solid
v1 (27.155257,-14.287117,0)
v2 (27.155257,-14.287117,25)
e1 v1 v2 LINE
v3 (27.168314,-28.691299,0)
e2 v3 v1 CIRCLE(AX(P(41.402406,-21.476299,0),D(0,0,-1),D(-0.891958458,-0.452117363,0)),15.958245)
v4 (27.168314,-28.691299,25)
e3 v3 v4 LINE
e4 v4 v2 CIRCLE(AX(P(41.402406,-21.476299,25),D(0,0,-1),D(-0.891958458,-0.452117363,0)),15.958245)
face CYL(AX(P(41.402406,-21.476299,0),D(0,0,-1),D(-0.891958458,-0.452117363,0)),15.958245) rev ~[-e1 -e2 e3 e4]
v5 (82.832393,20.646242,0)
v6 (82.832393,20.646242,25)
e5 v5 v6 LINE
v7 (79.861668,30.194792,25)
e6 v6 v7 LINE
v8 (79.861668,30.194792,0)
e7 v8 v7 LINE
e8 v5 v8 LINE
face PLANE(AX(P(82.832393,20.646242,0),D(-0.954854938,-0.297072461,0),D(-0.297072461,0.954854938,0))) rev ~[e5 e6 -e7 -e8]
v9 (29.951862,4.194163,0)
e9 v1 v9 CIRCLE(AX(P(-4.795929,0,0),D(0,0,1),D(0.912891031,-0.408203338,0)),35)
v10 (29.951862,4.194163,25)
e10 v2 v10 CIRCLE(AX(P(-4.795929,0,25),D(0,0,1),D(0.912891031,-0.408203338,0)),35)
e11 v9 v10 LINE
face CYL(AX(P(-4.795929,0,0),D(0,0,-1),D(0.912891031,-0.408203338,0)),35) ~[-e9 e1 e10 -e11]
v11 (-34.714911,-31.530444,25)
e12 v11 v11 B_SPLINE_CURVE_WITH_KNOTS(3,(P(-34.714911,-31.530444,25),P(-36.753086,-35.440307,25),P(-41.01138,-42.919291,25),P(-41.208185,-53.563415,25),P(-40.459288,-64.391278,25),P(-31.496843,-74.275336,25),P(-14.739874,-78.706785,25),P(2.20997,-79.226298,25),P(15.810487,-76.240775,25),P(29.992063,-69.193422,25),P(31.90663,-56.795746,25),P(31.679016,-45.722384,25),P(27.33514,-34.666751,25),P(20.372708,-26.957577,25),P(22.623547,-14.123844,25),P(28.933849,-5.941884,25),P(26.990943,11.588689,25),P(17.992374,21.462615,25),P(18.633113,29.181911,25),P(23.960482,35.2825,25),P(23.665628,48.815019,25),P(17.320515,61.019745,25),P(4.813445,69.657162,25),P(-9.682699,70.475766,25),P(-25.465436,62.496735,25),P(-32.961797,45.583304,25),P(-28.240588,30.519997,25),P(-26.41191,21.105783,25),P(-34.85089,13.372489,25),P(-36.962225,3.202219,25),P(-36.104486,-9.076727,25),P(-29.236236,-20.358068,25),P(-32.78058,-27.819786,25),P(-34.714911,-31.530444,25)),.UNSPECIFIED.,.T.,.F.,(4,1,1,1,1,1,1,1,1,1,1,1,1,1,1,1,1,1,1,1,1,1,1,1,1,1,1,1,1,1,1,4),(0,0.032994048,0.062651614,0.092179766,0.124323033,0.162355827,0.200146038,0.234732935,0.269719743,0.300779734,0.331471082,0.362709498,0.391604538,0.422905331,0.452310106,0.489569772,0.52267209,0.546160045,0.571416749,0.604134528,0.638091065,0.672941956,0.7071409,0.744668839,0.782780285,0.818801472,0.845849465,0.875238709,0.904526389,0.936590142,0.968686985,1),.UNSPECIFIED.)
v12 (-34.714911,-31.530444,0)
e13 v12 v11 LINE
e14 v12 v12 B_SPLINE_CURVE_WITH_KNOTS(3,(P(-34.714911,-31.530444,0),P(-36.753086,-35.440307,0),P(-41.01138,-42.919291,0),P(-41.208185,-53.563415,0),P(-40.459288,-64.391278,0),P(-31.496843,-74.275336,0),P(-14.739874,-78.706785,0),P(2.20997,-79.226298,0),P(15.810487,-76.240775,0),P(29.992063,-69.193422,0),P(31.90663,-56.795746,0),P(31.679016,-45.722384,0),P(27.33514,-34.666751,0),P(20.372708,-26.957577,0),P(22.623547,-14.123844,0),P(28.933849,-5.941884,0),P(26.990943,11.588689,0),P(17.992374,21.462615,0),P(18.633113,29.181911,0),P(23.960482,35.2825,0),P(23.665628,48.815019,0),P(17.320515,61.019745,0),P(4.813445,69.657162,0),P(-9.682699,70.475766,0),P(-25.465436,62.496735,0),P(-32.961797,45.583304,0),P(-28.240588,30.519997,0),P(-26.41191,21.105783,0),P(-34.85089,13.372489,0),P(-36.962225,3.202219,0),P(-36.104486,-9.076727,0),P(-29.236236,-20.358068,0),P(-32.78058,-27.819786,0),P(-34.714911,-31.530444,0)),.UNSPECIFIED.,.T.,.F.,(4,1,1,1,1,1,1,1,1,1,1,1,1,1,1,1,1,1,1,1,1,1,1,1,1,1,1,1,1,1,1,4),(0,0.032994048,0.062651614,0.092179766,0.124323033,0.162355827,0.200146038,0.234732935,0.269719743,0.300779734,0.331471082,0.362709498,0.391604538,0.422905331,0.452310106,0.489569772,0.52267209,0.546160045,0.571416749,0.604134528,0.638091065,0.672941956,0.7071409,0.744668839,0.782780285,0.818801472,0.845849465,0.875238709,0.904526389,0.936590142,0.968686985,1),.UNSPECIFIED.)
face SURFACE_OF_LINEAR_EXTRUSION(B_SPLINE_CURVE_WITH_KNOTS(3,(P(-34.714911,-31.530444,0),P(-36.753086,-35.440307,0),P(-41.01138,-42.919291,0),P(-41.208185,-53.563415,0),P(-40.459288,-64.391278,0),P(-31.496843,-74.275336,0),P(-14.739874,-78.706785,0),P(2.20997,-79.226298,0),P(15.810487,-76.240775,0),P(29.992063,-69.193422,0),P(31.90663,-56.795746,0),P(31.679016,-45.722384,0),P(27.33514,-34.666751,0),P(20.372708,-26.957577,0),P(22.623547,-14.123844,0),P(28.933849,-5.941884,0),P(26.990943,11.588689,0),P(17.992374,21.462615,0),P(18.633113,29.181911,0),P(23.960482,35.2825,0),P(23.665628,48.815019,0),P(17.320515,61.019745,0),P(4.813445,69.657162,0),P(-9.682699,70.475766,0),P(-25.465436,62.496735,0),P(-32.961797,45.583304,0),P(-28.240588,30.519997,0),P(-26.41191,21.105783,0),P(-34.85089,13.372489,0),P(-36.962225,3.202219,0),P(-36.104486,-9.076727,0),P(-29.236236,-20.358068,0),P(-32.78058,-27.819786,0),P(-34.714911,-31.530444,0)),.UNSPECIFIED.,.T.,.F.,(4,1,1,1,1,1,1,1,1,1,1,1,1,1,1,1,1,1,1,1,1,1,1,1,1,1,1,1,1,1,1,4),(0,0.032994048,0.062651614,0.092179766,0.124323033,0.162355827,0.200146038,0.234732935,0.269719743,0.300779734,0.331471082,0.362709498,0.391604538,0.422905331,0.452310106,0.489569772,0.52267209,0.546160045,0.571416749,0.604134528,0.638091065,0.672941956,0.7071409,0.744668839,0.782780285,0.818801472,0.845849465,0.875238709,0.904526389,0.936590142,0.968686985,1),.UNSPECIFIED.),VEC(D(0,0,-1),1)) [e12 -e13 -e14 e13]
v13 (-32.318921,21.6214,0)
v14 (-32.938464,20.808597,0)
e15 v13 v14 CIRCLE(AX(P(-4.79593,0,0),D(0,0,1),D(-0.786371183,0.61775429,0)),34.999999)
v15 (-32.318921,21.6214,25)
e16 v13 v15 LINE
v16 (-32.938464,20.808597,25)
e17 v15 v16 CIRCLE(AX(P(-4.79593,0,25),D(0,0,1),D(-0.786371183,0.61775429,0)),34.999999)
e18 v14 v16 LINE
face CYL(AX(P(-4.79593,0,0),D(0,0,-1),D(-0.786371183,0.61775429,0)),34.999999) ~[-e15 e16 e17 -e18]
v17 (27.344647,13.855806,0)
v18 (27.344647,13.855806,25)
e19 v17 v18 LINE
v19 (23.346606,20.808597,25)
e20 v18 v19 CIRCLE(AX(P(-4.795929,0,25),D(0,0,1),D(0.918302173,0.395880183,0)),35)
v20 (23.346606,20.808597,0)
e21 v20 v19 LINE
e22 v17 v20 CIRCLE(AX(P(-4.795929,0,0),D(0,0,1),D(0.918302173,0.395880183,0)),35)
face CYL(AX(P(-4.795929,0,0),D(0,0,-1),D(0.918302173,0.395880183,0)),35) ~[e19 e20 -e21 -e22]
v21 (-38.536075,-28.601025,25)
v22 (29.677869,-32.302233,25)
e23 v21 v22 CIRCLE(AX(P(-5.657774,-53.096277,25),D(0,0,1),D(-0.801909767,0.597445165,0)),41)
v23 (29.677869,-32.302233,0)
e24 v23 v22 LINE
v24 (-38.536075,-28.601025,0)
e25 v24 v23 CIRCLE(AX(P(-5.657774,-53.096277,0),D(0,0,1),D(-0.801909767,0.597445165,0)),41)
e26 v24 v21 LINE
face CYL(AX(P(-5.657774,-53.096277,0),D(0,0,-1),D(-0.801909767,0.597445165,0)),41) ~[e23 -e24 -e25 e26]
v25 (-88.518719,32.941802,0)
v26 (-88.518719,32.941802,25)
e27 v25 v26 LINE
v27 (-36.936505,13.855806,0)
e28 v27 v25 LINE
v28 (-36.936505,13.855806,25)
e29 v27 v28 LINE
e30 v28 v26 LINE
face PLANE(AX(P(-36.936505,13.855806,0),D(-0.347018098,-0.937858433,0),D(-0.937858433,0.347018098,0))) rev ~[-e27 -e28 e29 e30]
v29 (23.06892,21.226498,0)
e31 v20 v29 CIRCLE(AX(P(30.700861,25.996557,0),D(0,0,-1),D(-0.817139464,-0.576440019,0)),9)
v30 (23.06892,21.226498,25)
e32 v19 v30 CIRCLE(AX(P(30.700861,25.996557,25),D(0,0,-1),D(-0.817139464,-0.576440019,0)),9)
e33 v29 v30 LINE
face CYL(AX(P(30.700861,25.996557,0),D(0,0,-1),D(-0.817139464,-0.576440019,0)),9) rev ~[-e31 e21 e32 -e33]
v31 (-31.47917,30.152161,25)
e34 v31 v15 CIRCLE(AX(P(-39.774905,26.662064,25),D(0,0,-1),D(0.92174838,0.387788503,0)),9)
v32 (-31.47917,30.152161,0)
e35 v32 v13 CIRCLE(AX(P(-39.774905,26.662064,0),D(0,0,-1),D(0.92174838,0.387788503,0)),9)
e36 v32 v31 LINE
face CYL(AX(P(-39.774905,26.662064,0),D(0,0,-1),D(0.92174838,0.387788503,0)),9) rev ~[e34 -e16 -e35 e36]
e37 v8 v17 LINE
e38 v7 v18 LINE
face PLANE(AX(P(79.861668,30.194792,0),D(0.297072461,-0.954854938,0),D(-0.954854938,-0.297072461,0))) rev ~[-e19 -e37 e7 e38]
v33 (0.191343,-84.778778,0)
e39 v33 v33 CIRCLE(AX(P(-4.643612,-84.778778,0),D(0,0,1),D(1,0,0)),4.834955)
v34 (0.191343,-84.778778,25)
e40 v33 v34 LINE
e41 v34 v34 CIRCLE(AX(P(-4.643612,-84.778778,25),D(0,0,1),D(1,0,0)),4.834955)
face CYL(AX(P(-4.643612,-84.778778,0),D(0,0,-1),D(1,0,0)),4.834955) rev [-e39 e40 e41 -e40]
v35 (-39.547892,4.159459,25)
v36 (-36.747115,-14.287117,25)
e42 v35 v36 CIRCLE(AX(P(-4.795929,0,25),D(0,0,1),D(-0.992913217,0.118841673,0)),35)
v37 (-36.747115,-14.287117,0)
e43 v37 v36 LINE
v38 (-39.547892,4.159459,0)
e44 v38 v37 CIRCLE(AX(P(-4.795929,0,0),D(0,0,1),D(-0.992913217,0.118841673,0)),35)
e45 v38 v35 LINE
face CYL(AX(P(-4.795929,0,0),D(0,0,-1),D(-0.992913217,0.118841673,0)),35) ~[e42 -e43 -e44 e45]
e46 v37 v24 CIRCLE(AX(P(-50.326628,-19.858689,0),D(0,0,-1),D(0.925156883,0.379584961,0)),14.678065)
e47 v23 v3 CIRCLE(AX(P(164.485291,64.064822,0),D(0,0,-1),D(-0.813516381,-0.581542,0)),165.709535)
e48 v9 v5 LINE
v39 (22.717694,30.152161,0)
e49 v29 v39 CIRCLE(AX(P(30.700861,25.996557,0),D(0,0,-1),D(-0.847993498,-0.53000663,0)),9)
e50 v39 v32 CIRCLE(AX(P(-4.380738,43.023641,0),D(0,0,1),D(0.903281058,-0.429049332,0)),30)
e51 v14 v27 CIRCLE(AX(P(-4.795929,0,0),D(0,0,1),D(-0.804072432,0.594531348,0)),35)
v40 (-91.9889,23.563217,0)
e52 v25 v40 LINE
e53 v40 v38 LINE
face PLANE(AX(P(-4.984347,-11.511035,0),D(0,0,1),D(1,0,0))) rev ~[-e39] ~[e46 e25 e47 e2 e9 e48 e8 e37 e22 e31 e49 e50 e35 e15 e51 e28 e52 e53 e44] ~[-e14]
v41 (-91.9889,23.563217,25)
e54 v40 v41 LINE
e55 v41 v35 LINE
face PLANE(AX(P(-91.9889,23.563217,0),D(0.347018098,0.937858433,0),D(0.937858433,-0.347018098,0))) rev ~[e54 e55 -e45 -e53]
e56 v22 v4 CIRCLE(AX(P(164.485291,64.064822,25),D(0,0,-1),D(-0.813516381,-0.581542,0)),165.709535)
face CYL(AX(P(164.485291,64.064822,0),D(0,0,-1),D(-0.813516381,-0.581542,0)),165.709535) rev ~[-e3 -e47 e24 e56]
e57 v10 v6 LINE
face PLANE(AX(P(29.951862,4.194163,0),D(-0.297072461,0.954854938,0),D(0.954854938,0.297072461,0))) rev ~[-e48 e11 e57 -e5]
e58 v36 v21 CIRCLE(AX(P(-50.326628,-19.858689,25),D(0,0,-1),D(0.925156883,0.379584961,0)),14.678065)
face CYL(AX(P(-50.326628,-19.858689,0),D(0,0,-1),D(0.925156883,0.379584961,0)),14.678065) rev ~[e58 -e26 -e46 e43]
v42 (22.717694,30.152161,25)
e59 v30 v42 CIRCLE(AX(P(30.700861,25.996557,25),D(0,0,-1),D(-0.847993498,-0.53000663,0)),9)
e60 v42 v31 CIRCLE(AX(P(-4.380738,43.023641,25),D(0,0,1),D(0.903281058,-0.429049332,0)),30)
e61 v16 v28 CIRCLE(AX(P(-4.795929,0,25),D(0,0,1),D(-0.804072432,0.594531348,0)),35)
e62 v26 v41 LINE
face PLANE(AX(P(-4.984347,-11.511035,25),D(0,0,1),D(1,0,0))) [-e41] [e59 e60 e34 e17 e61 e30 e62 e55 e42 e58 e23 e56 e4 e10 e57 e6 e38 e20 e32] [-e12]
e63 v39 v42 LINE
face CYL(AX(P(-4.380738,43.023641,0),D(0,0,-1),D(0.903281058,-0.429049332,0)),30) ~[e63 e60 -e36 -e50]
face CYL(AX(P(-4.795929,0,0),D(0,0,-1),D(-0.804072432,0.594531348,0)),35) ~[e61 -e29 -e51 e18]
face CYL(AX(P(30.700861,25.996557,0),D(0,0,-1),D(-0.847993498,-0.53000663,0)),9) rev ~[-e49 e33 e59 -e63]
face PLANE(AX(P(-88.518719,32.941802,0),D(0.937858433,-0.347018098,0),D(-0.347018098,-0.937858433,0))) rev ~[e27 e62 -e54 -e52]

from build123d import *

# Parameters (mm, degrees)
F0_R     = 4.8349545832
F1_DEPTH = 25


with BuildPart() as f1:
    # F0 (on Top) → F1 (new body)
    with BuildSketch(Plane.XY):
        with BuildLine():
            ThreePointArc((23.0689195825, 21.2264976855), (21.707820918, 25.6426803037), (22.7176938203, 30.1521608961))
            ThreePointArc((22.7176938203, 30.1521608961), (-4.3807379292, 73.0236408702), (-31.4791696786, 30.1521608961))
            ThreePointArc((-31.4791696786, 30.1521608961), (-30.8181959127, 25.7803838783), (-32.3189206602, 21.6214001269))
            ThreePointArc((-32.3189206602, 21.6214001269), (-32.6171459193, 21.2061974828), (-32.9384643664, 20.8085971856))
            ThreePointArc((-32.9384643664, 20.8085971856), (-35.1372986602, 17.4471000998), (-36.9365052936, 13.8558064053))
            ThreePointArc((-36.9365052936, 13.8558064053), (-38.5917532789, 9.1017733293), (-39.5478918439, 4.1594585451))
            ThreePointArc((-39.5478918439, 4.1594585451), (-39.3993473854, -5.253898825), (-36.7471153337, -14.2871168329))
            ThreePointArc((-36.7471153337, -14.2871168329), (-35.76187407, -21.6789995665), (-38.5360746716, -28.6010254056))
            ThreePointArc((-38.5360746716, -28.6010254056), (-7.8791179088, -94.036057725), (29.6778694824, -32.3022327123))
            ThreePointArc((29.6778694824, -32.3022327123), (28.4111134793, -30.505090456), (27.1683139281, -28.6912987545))
            ThreePointArc((27.1683139281, -28.6912987545), (25.4441670498, -21.4907647777), (27.1552568477, -14.2871168329))
            ThreePointArc((27.1552568477, -14.2871168329), (29.8101080817, -5.2366192032), (29.9518620369, 4.1941627494))
            ThreePointArc((29.9518620369, 4.1941627494), (28.9953456747, 9.1186478951), (27.3446468075, 13.8558064053))
            ThreePointArc((27.3446468075, 13.8558064053), (25.5454401741, 17.4471000998), (23.3466058803, 20.8085971856))
            ThreePointArc((23.3466058803, 20.8085971856), (23.2025174152, 21.0140620307), (23.0689195825, 21.2264976855))
        make_face()
        with Locations((-4.6436120756, -84.778778255)):
            Circle(F0_R, mode=Mode.SUBTRACT)
        with BuildLine():
            ThreePointArc((-36.0498294696, -15.7541651835), (-36.4069841417, -15.0246866254), (-36.7471153337, -14.2871168329))
            ThreePointArc((-36.7471153337, -14.2871168329), (-36.3798434695, -15.0117867049), (-36.0498294696, -15.7541651835))
        make_face(mode=Mode.SUBTRACT)
        with BuildLine():
            add(Edge.make_bspline(
                [(-34.7149111331, -31.530443579), (-36.7530862611, -35.4403068315), (-41.0113801253, -42.9192907391), (-41.2081853659, -53.5634145039), (-40.459288153, -64.3912784573), (-31.4968426386, -74.2753358268), (-14.7398743274, -78.7067854042), (2.2099702374, -79.2262978209), (15.8104869398, -76.2407752665), (29.9920629468, -69.1934224809), (31.9066302741, -56.7957464144), (31.6790155851, -45.7223840469), (27.3351396716, -34.6667506514), (20.3727082043, -26.9575765037), (22.6235466404, -14.1238438179), (28.9338494343, -5.9418839626), (26.9909425273, 11.5886890659), (17.9923744405, 21.4626152141), (18.6331131496, 29.1819112702), (23.9604815413, 35.2824999934), (23.665628157, 48.8150186692), (17.3205150344, 61.0197453417), (4.8134450613, 69.657161628), (-9.6826992433, 70.4757658109), (-25.4654362336, 62.4967351753), (-32.9617971334, 45.5833043377), (-28.2405875561, 30.519996629), (-26.4119099177, 21.1057825609), (-34.8508901886, 13.372488554), (-36.9622253109, 3.2022192148), (-36.1044863055, -9.0767271374), (-29.2362356919, -20.3580676179), (-32.7805801834, -27.8197862394), (-34.7149111331, -31.530443579)],
                knots=[0, 0, 0, 0, 0.0329940483, 0.0626516143, 0.0921797665, 0.1243230333, 0.1623558274, 0.200146038, 0.2347329348, 0.2697197428, 0.3007797338, 0.3314710822, 0.3627094977, 0.391604538, 0.4229053306, 0.4523101064, 0.4895697719, 0.5226720901, 0.546160045, 0.5714167494, 0.6041345281, 0.6380910651, 0.6729419558, 0.7071408995, 0.7446688388, 0.7827802852, 0.8188014718, 0.8458494655, 0.8752387087, 0.9045263886, 0.9365901418, 0.9686869848, 1, 1, 1, 1], degree=3))
        make_face(mode=Mode.SUBTRACT)
        with BuildLine():
            ThreePointArc((-39.5478918439, 4.1594585451), (-38.5917532789, 9.1017733293), (-36.9365052936, 13.8558064053))
            Line((-36.9365052936, 13.8558064053), (-88.5187190835, 32.9418018083))
            Line((-88.5187190835, 32.9418018083), (-91.9889000659, 23.5632174828))
            Line((-91.9889000659, 23.5632174828), (-39.5478918439, 4.1594585451))
        make_face()
        with BuildLine():
            Line((79.861668403, 30.1947917696), (27.3446468075, 13.8558064053))
            ThreePointArc((27.3446468075, 13.8558064053), (28.9953456747, 9.1186478951), (29.9518620369, 4.1941627494))
            Line((29.9518620369, 4.1941627494), (82.8323930147, 20.6462423886))
            Line((82.8323930147, 20.6462423886), (79.861668403, 30.1947917696))
        make_face()
        with BuildLine():
            ThreePointArc((-36.0498294696, -15.7541651835), (-36.3798434695, -15.0117867049), (-36.7471153337, -14.2871168329))
            ThreePointArc((-36.7471153337, -14.2871168329), (-36.4069841417, -15.0246866254), (-36.0498294696, -15.7541651835))
        make_face()
        with BuildLine():
            ThreePointArc((-32.9384643664, 20.8085971856), (-32.6171459193, 21.2061974828), (-32.3189206602, 21.6214001269))
            ThreePointArc((-32.3189206602, 21.6214001269), (-32.6316594008, 21.2172601103), (-32.9384643664, 20.8085971856))
        make_face()
        with BuildLine():
            ThreePointArc((23.3466058803, 20.8085971856), (23.2048499361, 21.0156119429), (23.0689195825, 21.2264976855))
            ThreePointArc((23.0689195825, 21.2264976855), (23.2025174152, 21.0140620307), (23.3466058803, 20.8085971856))
        make_face()
    extrude(amount=F1_DEPTH)


solid = f1.part
